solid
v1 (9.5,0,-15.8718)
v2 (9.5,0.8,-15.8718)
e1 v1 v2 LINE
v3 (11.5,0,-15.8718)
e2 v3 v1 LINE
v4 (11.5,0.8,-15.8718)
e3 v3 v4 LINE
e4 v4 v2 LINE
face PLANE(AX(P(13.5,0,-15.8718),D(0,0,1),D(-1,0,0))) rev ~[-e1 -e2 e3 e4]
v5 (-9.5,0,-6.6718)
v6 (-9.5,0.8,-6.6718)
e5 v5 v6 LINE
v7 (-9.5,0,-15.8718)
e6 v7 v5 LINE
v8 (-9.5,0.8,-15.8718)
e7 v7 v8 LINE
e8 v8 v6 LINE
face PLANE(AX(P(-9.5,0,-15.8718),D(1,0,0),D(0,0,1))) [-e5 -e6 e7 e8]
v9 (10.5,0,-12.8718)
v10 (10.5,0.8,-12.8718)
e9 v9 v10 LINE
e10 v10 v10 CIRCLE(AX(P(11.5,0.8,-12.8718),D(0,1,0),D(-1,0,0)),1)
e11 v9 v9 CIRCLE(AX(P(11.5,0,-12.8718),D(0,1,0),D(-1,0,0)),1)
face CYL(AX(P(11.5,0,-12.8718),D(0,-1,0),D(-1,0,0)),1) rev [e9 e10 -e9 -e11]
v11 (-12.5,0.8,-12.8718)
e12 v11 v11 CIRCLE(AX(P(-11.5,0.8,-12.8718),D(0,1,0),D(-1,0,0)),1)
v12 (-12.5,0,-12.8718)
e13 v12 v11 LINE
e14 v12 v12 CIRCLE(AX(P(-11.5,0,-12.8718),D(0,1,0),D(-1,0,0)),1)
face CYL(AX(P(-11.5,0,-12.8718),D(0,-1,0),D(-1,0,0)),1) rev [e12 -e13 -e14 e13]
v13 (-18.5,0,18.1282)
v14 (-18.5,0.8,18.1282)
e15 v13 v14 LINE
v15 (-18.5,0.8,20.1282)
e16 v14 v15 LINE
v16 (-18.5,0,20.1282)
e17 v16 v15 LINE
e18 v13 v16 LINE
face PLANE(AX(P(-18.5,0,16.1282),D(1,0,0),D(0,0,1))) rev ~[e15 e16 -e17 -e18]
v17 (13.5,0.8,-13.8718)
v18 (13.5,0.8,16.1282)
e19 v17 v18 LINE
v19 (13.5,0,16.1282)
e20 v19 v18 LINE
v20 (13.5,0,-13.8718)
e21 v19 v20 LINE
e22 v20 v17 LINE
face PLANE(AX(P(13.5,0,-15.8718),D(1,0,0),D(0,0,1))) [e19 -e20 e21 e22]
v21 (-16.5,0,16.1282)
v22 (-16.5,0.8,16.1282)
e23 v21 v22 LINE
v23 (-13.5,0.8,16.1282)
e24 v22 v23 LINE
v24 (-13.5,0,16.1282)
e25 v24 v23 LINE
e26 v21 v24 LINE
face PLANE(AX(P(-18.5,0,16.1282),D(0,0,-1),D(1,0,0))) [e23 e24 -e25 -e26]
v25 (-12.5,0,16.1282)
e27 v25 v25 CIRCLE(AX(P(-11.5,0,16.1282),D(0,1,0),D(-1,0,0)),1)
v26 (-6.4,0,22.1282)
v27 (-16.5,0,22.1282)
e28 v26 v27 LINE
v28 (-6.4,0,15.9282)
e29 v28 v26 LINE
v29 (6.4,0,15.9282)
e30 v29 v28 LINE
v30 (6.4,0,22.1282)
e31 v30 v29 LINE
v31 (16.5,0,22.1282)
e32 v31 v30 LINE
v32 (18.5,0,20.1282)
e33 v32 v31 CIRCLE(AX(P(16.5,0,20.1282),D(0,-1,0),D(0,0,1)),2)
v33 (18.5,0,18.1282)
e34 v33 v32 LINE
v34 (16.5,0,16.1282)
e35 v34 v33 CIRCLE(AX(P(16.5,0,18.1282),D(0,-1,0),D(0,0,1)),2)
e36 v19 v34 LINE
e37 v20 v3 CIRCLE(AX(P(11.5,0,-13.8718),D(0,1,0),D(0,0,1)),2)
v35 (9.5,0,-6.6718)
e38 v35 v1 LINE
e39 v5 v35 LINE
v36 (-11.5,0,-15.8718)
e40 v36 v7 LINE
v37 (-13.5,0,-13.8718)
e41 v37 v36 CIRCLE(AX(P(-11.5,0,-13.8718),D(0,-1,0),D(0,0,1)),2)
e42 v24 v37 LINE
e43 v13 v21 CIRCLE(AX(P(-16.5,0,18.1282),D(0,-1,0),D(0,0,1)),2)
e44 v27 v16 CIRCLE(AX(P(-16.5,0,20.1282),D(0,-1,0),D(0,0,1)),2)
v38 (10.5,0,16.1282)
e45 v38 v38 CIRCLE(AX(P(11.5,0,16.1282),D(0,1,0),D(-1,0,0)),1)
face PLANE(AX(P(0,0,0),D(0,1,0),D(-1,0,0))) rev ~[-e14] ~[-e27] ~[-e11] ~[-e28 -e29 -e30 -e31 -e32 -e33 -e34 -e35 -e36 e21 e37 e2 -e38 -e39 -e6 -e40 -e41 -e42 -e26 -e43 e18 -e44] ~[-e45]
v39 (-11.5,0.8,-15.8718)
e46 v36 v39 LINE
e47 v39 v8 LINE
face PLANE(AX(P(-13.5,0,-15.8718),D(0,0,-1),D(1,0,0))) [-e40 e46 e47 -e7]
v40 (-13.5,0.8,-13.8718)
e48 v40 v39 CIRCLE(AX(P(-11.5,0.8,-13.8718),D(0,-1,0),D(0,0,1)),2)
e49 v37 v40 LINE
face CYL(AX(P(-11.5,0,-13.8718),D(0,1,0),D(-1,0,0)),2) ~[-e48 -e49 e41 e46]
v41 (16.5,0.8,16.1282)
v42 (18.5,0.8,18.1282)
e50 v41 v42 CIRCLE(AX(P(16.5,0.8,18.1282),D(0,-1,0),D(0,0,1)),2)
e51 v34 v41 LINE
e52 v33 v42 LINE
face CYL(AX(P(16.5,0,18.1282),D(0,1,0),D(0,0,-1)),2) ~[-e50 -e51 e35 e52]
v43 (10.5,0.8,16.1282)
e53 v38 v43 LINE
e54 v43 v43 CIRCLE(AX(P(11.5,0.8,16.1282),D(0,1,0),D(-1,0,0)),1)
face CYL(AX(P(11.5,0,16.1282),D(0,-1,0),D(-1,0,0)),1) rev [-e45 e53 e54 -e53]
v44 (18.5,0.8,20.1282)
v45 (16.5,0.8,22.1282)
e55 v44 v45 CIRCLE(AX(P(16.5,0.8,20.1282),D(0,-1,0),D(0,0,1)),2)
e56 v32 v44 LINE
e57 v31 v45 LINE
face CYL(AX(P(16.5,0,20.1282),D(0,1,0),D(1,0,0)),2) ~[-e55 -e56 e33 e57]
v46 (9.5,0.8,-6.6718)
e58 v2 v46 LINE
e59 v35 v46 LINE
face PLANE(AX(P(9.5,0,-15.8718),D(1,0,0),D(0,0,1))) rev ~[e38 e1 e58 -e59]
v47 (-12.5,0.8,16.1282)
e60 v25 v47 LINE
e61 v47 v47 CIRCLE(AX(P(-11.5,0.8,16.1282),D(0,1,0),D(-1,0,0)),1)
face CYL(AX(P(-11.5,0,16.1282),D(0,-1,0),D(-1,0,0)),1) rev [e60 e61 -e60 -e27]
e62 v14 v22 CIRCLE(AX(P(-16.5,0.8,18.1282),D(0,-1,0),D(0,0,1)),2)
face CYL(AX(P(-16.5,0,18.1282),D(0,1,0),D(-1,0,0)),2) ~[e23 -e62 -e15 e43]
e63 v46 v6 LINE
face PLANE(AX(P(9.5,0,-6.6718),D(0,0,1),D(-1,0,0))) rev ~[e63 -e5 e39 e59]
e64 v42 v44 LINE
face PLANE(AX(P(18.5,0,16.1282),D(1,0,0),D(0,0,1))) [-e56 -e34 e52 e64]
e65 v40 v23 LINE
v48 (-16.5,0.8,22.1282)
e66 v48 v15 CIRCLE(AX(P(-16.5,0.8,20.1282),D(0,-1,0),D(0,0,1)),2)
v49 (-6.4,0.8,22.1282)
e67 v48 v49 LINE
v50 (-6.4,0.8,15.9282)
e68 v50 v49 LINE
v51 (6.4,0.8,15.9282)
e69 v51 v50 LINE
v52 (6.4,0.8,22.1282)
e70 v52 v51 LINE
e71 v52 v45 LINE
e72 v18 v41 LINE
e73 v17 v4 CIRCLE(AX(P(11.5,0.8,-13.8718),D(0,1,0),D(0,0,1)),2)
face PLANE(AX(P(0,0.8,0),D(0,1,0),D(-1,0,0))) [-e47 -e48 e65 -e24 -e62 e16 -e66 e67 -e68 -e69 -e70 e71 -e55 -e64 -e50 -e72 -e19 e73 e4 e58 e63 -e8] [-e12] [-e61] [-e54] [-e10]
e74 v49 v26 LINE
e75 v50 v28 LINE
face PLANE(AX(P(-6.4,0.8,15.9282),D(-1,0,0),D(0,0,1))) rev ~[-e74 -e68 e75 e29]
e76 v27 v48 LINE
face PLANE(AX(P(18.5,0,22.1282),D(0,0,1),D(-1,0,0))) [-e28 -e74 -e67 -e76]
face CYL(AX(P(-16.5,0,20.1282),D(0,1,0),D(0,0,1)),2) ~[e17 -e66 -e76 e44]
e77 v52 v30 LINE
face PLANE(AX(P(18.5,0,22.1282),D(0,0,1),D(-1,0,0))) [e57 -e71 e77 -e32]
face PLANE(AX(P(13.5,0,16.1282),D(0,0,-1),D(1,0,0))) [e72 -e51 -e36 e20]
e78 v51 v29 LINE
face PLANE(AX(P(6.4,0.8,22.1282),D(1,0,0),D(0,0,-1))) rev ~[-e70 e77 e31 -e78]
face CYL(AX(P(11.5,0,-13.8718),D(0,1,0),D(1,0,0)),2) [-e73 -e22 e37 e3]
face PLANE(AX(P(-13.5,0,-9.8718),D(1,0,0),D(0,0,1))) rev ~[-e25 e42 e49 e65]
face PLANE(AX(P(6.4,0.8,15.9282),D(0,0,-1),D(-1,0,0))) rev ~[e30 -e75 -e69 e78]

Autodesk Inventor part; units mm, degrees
ref_plane "YZ Plane" through (0, 0, 0) normal (1, 0, 0) x (0, 1, 0)
ref_plane "XZ Plane" through (0, 0, 0) normal (0, 1, 0) x (-1, 0, 0)
ref_plane "XY Plane" through (0, 0, 0) normal (0, 0, 1) x (1, 0, 0)
sketch "スケッチ1" plane through (0, 0, 0) normal (0, 1, 0) x (-1, 0, 0)
  line L0 (-13.5, -15.8718) -> (-13.5, 16.1282)
  circle A0 centre (-11.5, 16.1282) radius 0.8 projected
  line L1 (-13.5, -10.6768) -> (-13.5, 15.3232) projected
  line L2 (-13.5, 16.1282) -> (-13.5, 10.2382) projected
  line L3 (-13.5, 10.2382) -> (-13.5, -3.9818) projected
  line L4 (-13.5, -3.9818) -> (-13.5, -15.8718) projected
  line L5 (-13.5, -15.8718) -> (-9.5, -15.8718) projected
  line L6 (-9.5, -15.8718) -> (-9.5, -9.8718)
  circle A1 centre (-11.5, 16.1282) radius 0.8 projected
  line L7 (-18.5, 22.1282) -> (0, 22.1282)
  line L8 (-13.5, -15.8718) -> (-9.5, -15.8718)
  line L9 (-9.5, -15.8718) -> (-9.5, -9.8718)
  line L10 (-9.5, -6.6718) -> (0, -6.6718)
  line L11 (-9.5, -15.8718) -> (-9.5, -6.6718)
  line L12 (0, 22.1282) -> (0, -6.6718)
  line L13 (13.5, -15.8718) -> (13.5, 16.1282)
  line L14 (13.5, -15.8718) -> (9.5, -15.8718)
  line L15 (18.5, 22.1282) -> (0, 22.1282)
  line L16 (9.5, -6.6718) -> (0, -6.6718)
  line L17 (9.5, -15.8718) -> (9.5, -6.6718)
  circle A2 centre (-11.5, -12.8718) radius 1
  circle A3 centre (-11.5, 16.1282) radius 1
  circle A4 centre (11.5, -12.8718) radius 1
  circle A5 centre (-11.5, 16.1282) radius 1 projected
  circle A6 centre (11.5, 16.1282) radius 1 projected
  circle A7 centre (-11.5, -12.8718) radius 1 projected
  circle A8 centre (11.5, -12.8718) radius 1 projected
  circle A9 centre (0, -12.6718) radius 7.5 projected
  spline S0 degree 3 poles (0, -30.8718) (-3.9797, -30.6573) (-6.3943, -30.6605) (-10.2198, -30.5013) (-11.7409, -30.3574) (-14.0031, -29.6154) (-14.9542, -29.1518) (-16.6972, -27.6417) (-17.3717, -26.7721) (-18.3737, -25.0018) (-18.7365, -24.1111) (-19.2696, -22.239) (-19.4316, -21.261) (-19.5, -20.2718) knots 0 0 0 0 1.195654 1.195654 2.243866 2.243866 2.930767 2.930767 3.539935 3.539935 4.077393 4.077393 4.633359 4.633359 4.633359 4.633359 projected
  spline S1 degree 3 poles (19.5, -20.2718) (19.3569, -22.3429) (18.8278, -24.0013) (17.6447, -26.3968) (16.8969, -27.447) (15.0392, -29.0976) (14.097, -29.571) (12.111, -30.2513) (10.9109, -30.4205) (7.3866, -30.667) (4.5667, -30.6246) (0, -30.8718) knots 0 0 0 0 0.622814 0.622814 1.176012 1.176012 1.714262 1.714262 2.395692 2.395692 3.535201 3.535201 3.535201 3.535201 projected
  line L18 (19.5, -10.8718) -> (19.5, -20.2718) projected
  arc A10 (19.5, -10.8718) -> (18.5, -9.8718) centre (18.5, -10.8718) ccw projected
  line L19 (13.5, -9.8718) -> (18.5, -9.8718) projected
  line L20 (13.5, 16.1282) -> (13.5, -9.8718) projected
  line L21 (18.5, 16.1282) -> (13.5, 16.1282) projected
  arc A11 (18.5, 16.1282) -> (19.5, 17.1282) centre (18.5, 17.1282) ccw projected
  line L22 (19.5, 21.1282) -> (19.5, 17.1282) projected
  arc A12 (19.5, 21.1282) -> (18.5, 22.1282) centre (18.5, 21.1282) ccw projected
  line L23 (-18.5, 22.1282) -> (18.5, 22.1282) projected
  arc A13 (-18.5, 22.1282) -> (-19.5, 21.1282) centre (-18.5, 21.1282) ccw projected
  line L24 (-19.5, 17.1282) -> (-19.5, 21.1282) projected
  arc A14 (-19.5, 17.1282) -> (-18.5, 16.1282) centre (-18.5, 17.1282) ccw projected
  line L25 (-13.5, 16.1282) -> (-18.5, 16.1282) projected
  line L26 (-13.5, -9.8718) -> (-13.5, 16.1282) projected
  line L27 (-18.5, -9.8718) -> (-13.5, -9.8718) projected
  arc A15 (-18.5, -9.8718) -> (-19.5, -10.8718) centre (-18.5, -10.8718) ccw projected
  line L28 (-19.5, -20.2718) -> (-19.5, -10.8718) projected
  circle A16 centre (-11.5, 16.1282) radius 1 projected
  circle A17 centre (11.5, 16.1282) radius 1 projected
  circle A18 centre (-11.5, -12.8718) radius 1 projected
  circle A19 centre (11.5, -12.8718) radius 1 projected
  circle A20 centre (0, -12.6718) radius 7.5 projected
  spline S2 degree 3 poles (0, -30.8718) (-3.9797, -30.6573) (-6.3943, -30.6605) (-10.2198, -30.5013) (-11.7409, -30.3574) (-14.0031, -29.6154) (-14.9542, -29.1518) (-16.6972, -27.6417) (-17.3717, -26.7721) (-18.3737, -25.0018) (-18.7365, -24.1111) (-19.2696, -22.239) (-19.4316, -21.261) (-19.5, -20.2718) knots 0 0 0 0 1.195654 1.195654 2.243866 2.243866 2.930767 2.930767 3.539935 3.539935 4.077393 4.077393 4.633359 4.633359 4.633359 4.633359 projected
  spline S3 degree 3 poles (19.5, -20.2718) (19.3569, -22.3429) (18.8278, -24.0013) (17.6447, -26.3968) (16.8969, -27.447) (15.0392, -29.0976) (14.097, -29.571) (12.111, -30.2513) (10.9109, -30.4205) (7.3866, -30.667) (4.5667, -30.6246) (0, -30.8718) knots 0 0 0 0 0.622814 0.622814 1.176012 1.176012 1.714262 1.714262 2.395692 2.395692 3.535201 3.535201 3.535201 3.535201 projected
  line L29 (19.5, -10.8718) -> (19.5, -20.2718) projected
  arc A21 (19.5, -10.8718) -> (18.5, -9.8718) centre (18.5, -10.8718) ccw projected
  line L30 (13.5, -9.8718) -> (18.5, -9.8718) projected
  line L31 (13.5, 16.1282) -> (13.5, -9.8718) projected
  line L32 (18.5, 16.1282) -> (13.5, 16.1282) projected
  arc A22 (18.5, 16.1282) -> (19.5, 17.1282) centre (18.5, 17.1282) ccw projected
  line L33 (19.5, 21.1282) -> (19.5, 17.1282) projected
  arc A23 (19.5, 21.1282) -> (18.5, 22.1282) centre (18.5, 21.1282) ccw projected
  line L34 (-18.5, 22.1282) -> (18.5, 22.1282) projected
  arc A24 (-18.5, 22.1282) -> (-19.5, 21.1282) centre (-18.5, 21.1282) ccw projected
  line L35 (-19.5, 17.1282) -> (-19.5, 21.1282) projected
  arc A25 (-19.5, 17.1282) -> (-18.5, 16.1282) centre (-18.5, 17.1282) ccw projected
  line L36 (-13.5, 16.1282) -> (-18.5, 16.1282) projected
  line L37 (-13.5, -9.8718) -> (-13.5, 16.1282) projected
  line L38 (-18.5, -9.8718) -> (-13.5, -9.8718) projected
  arc A26 (-18.5, -9.8718) -> (-19.5, -10.8718) centre (-18.5, -10.8718) ccw projected
  line L39 (-19.5, -20.2718) -> (-19.5, -10.8718) projected
  line L40 (1.5, 6.1282) -> (1.5, 0.1282) projected
  line L41 (-1.5, 6.1282) -> (-1.5, 0.1282) projected
  line L42 (1.5, 3.1282) -> (-1.5, 3.1282)
  line L43 (13.5, 16.1282) -> (18.5, 16.1282)
  line L44 (-13.5, 16.1282) -> (-18.5, 16.1282)
  line L45 (-18.5, 16.1282) -> (-18.5, 22.1282)
  line L46 (18.5, 16.1282) -> (18.5, 22.1282)
  circle A27 centre (11.5, 16.1282) radius 1
  point P0 (0, 0)
  point P1 (11.5, 16.1282)
  point P2 (0, 3.1282)
  point P3 (4.3, 10.2382)
  point P4 (0, -5.1718)
  point P5 (0, -5.1718)
  point P6 (4.5, -6.6718)
  point P7 (-4.5, -6.6718)
  dimension "d56" = 29
  dimension "d57" = 2
  dimension "d60" = 6
extrude "押し出し1" add sketch "スケッチ1" along normal blind 0.8 contours L0 L25 L45 L7 L12 A9 L10 L11 L6 L5 | A9 L12 L10 | L12 A9 L16 | L12 L15 L46 L21 L13 L14 L17 L16 A9
sketch "スケッチ3" plane through (0, 0.8, 0) normal (0, 1, 0) x (1, 0, 0)
  line L0 (6.4, -15.9282) -> (-6.4, -15.9282)
  line L1 (-6.4, -15.9282) -> (-6.4, -22.1282)
  line L2 (6.4, -22.1282) -> (6.4, -15.9282)
  line L3 (-18.5, -22.1282) -> (18.5, -22.1282) projected
  point P0 (0, -15.9282)
  point P1 (0, -22.1282)
  dimension "d26" = 12.8
  dimension "d27" = 6.2
extrude "押し出し3" cut sketch "スケッチ3" against normal through all
fillet "フィレット1" radius 2 6 edges at (13.5, 0.4, -15.8718) (-13.5, 0.4, -15.8718) (-18.5, 0.4, 16.1282) (-18.5, 0.4, 22.1282) (18.5, 0.4, 22.1282) (18.5, 0.4, 16.1282)
properties part number "SubBoard"
